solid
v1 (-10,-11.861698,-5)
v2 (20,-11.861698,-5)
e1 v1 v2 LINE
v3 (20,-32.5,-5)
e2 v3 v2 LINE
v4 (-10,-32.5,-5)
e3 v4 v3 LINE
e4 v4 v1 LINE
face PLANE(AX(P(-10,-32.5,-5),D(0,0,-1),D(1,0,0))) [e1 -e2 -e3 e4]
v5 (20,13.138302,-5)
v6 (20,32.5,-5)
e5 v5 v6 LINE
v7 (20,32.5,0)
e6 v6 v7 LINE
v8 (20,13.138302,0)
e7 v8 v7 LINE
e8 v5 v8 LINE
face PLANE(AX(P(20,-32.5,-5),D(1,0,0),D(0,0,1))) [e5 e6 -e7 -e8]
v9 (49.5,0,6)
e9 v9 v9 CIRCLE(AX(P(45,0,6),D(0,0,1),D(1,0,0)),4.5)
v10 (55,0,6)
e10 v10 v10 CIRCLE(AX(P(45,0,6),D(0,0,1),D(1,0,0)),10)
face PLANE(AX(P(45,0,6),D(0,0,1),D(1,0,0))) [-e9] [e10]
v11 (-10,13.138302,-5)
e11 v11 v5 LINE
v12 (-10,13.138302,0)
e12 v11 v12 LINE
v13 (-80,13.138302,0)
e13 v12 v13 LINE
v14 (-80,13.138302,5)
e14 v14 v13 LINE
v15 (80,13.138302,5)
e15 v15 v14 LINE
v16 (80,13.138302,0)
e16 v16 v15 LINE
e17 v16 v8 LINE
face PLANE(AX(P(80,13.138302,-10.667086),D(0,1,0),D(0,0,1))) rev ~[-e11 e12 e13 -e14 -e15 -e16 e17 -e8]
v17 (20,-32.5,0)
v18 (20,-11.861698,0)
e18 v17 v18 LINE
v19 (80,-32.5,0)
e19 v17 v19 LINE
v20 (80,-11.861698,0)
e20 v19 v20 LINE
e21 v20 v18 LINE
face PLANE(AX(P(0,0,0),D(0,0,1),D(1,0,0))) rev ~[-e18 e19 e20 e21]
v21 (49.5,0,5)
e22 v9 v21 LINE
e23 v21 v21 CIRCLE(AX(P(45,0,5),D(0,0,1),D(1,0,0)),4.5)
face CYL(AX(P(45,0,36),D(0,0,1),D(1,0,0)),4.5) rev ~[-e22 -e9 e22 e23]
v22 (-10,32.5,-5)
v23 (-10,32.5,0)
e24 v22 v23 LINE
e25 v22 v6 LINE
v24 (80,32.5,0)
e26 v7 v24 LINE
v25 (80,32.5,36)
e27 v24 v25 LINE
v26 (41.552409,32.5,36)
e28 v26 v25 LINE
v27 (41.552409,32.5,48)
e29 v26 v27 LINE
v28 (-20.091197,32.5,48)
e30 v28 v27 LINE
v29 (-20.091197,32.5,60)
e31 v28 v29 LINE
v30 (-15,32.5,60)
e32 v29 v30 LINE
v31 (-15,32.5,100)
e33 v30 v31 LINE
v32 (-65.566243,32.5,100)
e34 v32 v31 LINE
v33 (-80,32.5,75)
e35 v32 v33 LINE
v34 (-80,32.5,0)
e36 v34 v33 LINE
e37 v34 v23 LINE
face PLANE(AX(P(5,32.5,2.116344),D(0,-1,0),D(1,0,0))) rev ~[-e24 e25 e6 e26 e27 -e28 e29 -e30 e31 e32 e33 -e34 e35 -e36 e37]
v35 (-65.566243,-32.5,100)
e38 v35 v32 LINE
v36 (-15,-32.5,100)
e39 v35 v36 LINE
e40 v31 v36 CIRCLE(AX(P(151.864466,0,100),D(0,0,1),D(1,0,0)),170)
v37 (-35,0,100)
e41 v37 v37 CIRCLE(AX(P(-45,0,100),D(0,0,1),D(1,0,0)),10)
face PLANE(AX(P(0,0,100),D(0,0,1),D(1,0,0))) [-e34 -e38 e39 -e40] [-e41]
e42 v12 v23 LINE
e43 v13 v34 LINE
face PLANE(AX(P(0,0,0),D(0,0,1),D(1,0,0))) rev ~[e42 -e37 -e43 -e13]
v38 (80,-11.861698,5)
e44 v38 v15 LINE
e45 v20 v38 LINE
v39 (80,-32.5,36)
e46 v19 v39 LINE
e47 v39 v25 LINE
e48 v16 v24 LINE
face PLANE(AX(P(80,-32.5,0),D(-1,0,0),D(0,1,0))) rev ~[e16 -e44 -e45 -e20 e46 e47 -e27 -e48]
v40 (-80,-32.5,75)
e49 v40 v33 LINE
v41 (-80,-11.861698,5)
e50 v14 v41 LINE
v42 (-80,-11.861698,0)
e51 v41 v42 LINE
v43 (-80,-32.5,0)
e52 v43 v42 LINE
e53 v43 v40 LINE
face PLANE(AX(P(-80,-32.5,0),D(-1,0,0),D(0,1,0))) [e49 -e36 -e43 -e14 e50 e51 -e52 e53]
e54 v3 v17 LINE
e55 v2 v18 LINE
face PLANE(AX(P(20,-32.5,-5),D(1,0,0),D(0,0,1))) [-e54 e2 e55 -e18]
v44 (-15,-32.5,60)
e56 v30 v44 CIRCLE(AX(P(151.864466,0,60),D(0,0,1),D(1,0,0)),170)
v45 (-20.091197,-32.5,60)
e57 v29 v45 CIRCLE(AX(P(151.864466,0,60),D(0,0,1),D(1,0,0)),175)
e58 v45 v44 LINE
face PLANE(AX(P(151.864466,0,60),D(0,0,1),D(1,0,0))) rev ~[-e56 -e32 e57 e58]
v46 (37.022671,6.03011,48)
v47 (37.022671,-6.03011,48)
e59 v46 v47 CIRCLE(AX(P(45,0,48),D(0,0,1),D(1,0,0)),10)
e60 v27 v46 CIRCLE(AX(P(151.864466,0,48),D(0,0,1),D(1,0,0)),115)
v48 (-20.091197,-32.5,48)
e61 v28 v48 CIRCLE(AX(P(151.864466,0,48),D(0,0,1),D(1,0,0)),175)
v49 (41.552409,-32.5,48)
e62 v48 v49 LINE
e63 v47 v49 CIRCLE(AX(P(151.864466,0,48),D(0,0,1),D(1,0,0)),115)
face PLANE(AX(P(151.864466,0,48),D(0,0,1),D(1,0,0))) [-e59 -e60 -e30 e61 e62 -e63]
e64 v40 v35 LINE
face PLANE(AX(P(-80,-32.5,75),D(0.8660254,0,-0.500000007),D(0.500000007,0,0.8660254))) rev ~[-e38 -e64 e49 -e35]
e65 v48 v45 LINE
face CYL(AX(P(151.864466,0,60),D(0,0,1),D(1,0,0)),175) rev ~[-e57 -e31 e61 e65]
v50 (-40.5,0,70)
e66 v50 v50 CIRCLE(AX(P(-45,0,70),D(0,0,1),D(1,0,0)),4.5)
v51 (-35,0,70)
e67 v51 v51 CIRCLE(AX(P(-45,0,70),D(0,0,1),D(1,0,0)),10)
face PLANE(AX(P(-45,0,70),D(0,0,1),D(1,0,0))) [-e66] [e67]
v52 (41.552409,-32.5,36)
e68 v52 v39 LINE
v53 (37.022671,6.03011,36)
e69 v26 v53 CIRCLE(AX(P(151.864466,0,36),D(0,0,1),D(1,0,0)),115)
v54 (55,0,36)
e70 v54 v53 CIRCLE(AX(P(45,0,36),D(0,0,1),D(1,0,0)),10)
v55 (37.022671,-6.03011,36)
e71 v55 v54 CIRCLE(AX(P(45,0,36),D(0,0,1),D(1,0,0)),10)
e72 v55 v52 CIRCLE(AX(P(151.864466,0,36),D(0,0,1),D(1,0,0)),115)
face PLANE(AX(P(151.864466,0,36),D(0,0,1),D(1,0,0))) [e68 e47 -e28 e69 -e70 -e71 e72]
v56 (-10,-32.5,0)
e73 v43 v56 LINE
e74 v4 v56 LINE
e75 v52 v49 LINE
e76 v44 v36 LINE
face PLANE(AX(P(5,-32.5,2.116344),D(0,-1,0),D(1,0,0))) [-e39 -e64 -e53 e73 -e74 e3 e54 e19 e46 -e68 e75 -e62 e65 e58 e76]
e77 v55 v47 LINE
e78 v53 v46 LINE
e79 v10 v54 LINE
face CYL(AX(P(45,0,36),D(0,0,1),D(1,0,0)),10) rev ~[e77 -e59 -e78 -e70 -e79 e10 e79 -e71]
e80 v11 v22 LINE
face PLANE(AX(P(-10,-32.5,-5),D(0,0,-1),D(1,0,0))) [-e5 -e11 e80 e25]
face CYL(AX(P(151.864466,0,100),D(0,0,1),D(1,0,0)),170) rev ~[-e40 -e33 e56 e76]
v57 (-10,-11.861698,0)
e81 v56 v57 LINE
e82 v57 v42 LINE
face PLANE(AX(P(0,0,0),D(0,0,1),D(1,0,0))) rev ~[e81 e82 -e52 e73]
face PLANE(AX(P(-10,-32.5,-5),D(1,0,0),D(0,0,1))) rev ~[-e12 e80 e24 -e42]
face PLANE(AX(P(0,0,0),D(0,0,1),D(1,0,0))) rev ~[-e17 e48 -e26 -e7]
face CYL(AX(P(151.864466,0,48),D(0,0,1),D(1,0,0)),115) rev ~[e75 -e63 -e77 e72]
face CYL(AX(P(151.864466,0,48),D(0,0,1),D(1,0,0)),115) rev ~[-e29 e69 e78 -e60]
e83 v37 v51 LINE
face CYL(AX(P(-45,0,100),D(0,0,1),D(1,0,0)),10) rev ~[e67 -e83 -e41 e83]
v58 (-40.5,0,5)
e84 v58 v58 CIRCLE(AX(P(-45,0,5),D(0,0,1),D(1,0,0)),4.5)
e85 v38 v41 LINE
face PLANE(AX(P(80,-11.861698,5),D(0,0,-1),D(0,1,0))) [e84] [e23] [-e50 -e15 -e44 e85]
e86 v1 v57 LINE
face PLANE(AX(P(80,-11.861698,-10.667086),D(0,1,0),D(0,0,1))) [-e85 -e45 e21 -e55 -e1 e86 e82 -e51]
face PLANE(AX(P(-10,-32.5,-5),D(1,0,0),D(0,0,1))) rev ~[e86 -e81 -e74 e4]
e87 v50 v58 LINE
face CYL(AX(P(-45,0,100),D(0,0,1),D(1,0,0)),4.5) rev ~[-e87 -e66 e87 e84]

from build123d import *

# Parameters (mm, degrees)
SKETCH_W        = 160
SKETCH_H        = 65
PAD_DEPTH       = 100
POCKET_DEPTH    = 65.001
SKETCH002_R     = 4.5
POCKET001_DEPTH = 100.001
SKETCH003_R     = 10
POCKET002_DEPTH = 30
SKETCH004_R     = 170
POCKET003_DEPTH = 40
SKETCH005_R     = 175
POCKET004_DEPTH = 12
SKETCH006_R     = 115
POCKET005_DEPTH = 12
SKETCH007_R     = 4.5
POCKET006_DEPTH = 36.001
SKETCH008_R     = 10
POCKET009_DEPTH = 30
SKETCH009_W     = 30
SKETCH009_H     = 14.232688
PAD001_DEPTH    = 65
SKETCH010_W     = 25
SKETCH010_H     = 15.667085
POCKET010_DEPTH = 160.001


with BuildPart() as part:
    # Sketch → Pad (new body)
    with BuildSketch(Plane.XY):
        Rectangle(SKETCH_W, SKETCH_H)
    extrude(amount=PAD_DEPTH)

    # Sketch001 → Pocket (cut, through all)
    with BuildSketch(Plane.XZ.offset(32.5)):
        Polygon((-80, 100), (-80, 75), (-65.566243, 100), align=None)
    extrude(amount=-POCKET_DEPTH, mode=Mode.SUBTRACT)

    # Sketch002 → Pocket001 (cut, through all)
    with BuildSketch(Plane.XY.offset(100)):
        with Locations((-45, 0)):
            Circle(SKETCH002_R)
    extrude(amount=-POCKET001_DEPTH, mode=Mode.SUBTRACT)

    # Sketch003 → Pocket002 (cut)
    with BuildSketch(Plane.XY.offset(100)):
        with Locations((-45, 0)):
            Circle(SKETCH003_R)
    extrude(amount=-POCKET002_DEPTH, mode=Mode.SUBTRACT)

    # Sketch004 → Pocket003 (cut)
    with BuildSketch(Plane.XY.offset(100)):
        with Locations((151.864466, 0)):
            Circle(SKETCH004_R)
    extrude(amount=-POCKET003_DEPTH, mode=Mode.SUBTRACT)

    # Sketch005 → Pocket004 (cut)
    with BuildSketch(Plane.XY.offset(60)):
        with Locations((151.864466, 0)):
            Circle(SKETCH005_R)
    extrude(amount=-POCKET004_DEPTH, mode=Mode.SUBTRACT)

    # Sketch006 → Pocket005 (cut)
    with BuildSketch(Plane.XY.offset(48)):
        with Locations((151.864466, 0)):
            Circle(SKETCH006_R)
    extrude(amount=-POCKET005_DEPTH, mode=Mode.SUBTRACT)

    # Sketch007 → Pocket006 (cut, through all)
    with BuildSketch(Plane.XY.offset(36)):
        with Locations((45, 0)):
            Circle(SKETCH007_R)
    extrude(amount=-POCKET006_DEPTH, mode=Mode.SUBTRACT)

    # Sketch008 → Pocket009 (cut, symmetric)
    with BuildSketch(Plane.XY.offset(36)):
        with Locations((45, 0)):
            Circle(SKETCH008_R)
    extrude(amount=POCKET009_DEPTH, both=True, mode=Mode.SUBTRACT)

    # Sketch009 → Pad001 (new body)
    with BuildSketch(Plane.XZ.offset(32.5)):
        with Locations((5, 2.116344)):
            Rectangle(SKETCH009_W, SKETCH009_H)
    extrude(amount=-PAD001_DEPTH)

    # Sketch010 → Pocket010 (cut, through all)
    with BuildSketch(Plane.YZ.offset(80)):
        with Locations((0.638302, -2.833543)):
            Rectangle(SKETCH010_W, SKETCH010_H)
    extrude(amount=-POCKET010_DEPTH, mode=Mode.SUBTRACT)


solid = part.part
